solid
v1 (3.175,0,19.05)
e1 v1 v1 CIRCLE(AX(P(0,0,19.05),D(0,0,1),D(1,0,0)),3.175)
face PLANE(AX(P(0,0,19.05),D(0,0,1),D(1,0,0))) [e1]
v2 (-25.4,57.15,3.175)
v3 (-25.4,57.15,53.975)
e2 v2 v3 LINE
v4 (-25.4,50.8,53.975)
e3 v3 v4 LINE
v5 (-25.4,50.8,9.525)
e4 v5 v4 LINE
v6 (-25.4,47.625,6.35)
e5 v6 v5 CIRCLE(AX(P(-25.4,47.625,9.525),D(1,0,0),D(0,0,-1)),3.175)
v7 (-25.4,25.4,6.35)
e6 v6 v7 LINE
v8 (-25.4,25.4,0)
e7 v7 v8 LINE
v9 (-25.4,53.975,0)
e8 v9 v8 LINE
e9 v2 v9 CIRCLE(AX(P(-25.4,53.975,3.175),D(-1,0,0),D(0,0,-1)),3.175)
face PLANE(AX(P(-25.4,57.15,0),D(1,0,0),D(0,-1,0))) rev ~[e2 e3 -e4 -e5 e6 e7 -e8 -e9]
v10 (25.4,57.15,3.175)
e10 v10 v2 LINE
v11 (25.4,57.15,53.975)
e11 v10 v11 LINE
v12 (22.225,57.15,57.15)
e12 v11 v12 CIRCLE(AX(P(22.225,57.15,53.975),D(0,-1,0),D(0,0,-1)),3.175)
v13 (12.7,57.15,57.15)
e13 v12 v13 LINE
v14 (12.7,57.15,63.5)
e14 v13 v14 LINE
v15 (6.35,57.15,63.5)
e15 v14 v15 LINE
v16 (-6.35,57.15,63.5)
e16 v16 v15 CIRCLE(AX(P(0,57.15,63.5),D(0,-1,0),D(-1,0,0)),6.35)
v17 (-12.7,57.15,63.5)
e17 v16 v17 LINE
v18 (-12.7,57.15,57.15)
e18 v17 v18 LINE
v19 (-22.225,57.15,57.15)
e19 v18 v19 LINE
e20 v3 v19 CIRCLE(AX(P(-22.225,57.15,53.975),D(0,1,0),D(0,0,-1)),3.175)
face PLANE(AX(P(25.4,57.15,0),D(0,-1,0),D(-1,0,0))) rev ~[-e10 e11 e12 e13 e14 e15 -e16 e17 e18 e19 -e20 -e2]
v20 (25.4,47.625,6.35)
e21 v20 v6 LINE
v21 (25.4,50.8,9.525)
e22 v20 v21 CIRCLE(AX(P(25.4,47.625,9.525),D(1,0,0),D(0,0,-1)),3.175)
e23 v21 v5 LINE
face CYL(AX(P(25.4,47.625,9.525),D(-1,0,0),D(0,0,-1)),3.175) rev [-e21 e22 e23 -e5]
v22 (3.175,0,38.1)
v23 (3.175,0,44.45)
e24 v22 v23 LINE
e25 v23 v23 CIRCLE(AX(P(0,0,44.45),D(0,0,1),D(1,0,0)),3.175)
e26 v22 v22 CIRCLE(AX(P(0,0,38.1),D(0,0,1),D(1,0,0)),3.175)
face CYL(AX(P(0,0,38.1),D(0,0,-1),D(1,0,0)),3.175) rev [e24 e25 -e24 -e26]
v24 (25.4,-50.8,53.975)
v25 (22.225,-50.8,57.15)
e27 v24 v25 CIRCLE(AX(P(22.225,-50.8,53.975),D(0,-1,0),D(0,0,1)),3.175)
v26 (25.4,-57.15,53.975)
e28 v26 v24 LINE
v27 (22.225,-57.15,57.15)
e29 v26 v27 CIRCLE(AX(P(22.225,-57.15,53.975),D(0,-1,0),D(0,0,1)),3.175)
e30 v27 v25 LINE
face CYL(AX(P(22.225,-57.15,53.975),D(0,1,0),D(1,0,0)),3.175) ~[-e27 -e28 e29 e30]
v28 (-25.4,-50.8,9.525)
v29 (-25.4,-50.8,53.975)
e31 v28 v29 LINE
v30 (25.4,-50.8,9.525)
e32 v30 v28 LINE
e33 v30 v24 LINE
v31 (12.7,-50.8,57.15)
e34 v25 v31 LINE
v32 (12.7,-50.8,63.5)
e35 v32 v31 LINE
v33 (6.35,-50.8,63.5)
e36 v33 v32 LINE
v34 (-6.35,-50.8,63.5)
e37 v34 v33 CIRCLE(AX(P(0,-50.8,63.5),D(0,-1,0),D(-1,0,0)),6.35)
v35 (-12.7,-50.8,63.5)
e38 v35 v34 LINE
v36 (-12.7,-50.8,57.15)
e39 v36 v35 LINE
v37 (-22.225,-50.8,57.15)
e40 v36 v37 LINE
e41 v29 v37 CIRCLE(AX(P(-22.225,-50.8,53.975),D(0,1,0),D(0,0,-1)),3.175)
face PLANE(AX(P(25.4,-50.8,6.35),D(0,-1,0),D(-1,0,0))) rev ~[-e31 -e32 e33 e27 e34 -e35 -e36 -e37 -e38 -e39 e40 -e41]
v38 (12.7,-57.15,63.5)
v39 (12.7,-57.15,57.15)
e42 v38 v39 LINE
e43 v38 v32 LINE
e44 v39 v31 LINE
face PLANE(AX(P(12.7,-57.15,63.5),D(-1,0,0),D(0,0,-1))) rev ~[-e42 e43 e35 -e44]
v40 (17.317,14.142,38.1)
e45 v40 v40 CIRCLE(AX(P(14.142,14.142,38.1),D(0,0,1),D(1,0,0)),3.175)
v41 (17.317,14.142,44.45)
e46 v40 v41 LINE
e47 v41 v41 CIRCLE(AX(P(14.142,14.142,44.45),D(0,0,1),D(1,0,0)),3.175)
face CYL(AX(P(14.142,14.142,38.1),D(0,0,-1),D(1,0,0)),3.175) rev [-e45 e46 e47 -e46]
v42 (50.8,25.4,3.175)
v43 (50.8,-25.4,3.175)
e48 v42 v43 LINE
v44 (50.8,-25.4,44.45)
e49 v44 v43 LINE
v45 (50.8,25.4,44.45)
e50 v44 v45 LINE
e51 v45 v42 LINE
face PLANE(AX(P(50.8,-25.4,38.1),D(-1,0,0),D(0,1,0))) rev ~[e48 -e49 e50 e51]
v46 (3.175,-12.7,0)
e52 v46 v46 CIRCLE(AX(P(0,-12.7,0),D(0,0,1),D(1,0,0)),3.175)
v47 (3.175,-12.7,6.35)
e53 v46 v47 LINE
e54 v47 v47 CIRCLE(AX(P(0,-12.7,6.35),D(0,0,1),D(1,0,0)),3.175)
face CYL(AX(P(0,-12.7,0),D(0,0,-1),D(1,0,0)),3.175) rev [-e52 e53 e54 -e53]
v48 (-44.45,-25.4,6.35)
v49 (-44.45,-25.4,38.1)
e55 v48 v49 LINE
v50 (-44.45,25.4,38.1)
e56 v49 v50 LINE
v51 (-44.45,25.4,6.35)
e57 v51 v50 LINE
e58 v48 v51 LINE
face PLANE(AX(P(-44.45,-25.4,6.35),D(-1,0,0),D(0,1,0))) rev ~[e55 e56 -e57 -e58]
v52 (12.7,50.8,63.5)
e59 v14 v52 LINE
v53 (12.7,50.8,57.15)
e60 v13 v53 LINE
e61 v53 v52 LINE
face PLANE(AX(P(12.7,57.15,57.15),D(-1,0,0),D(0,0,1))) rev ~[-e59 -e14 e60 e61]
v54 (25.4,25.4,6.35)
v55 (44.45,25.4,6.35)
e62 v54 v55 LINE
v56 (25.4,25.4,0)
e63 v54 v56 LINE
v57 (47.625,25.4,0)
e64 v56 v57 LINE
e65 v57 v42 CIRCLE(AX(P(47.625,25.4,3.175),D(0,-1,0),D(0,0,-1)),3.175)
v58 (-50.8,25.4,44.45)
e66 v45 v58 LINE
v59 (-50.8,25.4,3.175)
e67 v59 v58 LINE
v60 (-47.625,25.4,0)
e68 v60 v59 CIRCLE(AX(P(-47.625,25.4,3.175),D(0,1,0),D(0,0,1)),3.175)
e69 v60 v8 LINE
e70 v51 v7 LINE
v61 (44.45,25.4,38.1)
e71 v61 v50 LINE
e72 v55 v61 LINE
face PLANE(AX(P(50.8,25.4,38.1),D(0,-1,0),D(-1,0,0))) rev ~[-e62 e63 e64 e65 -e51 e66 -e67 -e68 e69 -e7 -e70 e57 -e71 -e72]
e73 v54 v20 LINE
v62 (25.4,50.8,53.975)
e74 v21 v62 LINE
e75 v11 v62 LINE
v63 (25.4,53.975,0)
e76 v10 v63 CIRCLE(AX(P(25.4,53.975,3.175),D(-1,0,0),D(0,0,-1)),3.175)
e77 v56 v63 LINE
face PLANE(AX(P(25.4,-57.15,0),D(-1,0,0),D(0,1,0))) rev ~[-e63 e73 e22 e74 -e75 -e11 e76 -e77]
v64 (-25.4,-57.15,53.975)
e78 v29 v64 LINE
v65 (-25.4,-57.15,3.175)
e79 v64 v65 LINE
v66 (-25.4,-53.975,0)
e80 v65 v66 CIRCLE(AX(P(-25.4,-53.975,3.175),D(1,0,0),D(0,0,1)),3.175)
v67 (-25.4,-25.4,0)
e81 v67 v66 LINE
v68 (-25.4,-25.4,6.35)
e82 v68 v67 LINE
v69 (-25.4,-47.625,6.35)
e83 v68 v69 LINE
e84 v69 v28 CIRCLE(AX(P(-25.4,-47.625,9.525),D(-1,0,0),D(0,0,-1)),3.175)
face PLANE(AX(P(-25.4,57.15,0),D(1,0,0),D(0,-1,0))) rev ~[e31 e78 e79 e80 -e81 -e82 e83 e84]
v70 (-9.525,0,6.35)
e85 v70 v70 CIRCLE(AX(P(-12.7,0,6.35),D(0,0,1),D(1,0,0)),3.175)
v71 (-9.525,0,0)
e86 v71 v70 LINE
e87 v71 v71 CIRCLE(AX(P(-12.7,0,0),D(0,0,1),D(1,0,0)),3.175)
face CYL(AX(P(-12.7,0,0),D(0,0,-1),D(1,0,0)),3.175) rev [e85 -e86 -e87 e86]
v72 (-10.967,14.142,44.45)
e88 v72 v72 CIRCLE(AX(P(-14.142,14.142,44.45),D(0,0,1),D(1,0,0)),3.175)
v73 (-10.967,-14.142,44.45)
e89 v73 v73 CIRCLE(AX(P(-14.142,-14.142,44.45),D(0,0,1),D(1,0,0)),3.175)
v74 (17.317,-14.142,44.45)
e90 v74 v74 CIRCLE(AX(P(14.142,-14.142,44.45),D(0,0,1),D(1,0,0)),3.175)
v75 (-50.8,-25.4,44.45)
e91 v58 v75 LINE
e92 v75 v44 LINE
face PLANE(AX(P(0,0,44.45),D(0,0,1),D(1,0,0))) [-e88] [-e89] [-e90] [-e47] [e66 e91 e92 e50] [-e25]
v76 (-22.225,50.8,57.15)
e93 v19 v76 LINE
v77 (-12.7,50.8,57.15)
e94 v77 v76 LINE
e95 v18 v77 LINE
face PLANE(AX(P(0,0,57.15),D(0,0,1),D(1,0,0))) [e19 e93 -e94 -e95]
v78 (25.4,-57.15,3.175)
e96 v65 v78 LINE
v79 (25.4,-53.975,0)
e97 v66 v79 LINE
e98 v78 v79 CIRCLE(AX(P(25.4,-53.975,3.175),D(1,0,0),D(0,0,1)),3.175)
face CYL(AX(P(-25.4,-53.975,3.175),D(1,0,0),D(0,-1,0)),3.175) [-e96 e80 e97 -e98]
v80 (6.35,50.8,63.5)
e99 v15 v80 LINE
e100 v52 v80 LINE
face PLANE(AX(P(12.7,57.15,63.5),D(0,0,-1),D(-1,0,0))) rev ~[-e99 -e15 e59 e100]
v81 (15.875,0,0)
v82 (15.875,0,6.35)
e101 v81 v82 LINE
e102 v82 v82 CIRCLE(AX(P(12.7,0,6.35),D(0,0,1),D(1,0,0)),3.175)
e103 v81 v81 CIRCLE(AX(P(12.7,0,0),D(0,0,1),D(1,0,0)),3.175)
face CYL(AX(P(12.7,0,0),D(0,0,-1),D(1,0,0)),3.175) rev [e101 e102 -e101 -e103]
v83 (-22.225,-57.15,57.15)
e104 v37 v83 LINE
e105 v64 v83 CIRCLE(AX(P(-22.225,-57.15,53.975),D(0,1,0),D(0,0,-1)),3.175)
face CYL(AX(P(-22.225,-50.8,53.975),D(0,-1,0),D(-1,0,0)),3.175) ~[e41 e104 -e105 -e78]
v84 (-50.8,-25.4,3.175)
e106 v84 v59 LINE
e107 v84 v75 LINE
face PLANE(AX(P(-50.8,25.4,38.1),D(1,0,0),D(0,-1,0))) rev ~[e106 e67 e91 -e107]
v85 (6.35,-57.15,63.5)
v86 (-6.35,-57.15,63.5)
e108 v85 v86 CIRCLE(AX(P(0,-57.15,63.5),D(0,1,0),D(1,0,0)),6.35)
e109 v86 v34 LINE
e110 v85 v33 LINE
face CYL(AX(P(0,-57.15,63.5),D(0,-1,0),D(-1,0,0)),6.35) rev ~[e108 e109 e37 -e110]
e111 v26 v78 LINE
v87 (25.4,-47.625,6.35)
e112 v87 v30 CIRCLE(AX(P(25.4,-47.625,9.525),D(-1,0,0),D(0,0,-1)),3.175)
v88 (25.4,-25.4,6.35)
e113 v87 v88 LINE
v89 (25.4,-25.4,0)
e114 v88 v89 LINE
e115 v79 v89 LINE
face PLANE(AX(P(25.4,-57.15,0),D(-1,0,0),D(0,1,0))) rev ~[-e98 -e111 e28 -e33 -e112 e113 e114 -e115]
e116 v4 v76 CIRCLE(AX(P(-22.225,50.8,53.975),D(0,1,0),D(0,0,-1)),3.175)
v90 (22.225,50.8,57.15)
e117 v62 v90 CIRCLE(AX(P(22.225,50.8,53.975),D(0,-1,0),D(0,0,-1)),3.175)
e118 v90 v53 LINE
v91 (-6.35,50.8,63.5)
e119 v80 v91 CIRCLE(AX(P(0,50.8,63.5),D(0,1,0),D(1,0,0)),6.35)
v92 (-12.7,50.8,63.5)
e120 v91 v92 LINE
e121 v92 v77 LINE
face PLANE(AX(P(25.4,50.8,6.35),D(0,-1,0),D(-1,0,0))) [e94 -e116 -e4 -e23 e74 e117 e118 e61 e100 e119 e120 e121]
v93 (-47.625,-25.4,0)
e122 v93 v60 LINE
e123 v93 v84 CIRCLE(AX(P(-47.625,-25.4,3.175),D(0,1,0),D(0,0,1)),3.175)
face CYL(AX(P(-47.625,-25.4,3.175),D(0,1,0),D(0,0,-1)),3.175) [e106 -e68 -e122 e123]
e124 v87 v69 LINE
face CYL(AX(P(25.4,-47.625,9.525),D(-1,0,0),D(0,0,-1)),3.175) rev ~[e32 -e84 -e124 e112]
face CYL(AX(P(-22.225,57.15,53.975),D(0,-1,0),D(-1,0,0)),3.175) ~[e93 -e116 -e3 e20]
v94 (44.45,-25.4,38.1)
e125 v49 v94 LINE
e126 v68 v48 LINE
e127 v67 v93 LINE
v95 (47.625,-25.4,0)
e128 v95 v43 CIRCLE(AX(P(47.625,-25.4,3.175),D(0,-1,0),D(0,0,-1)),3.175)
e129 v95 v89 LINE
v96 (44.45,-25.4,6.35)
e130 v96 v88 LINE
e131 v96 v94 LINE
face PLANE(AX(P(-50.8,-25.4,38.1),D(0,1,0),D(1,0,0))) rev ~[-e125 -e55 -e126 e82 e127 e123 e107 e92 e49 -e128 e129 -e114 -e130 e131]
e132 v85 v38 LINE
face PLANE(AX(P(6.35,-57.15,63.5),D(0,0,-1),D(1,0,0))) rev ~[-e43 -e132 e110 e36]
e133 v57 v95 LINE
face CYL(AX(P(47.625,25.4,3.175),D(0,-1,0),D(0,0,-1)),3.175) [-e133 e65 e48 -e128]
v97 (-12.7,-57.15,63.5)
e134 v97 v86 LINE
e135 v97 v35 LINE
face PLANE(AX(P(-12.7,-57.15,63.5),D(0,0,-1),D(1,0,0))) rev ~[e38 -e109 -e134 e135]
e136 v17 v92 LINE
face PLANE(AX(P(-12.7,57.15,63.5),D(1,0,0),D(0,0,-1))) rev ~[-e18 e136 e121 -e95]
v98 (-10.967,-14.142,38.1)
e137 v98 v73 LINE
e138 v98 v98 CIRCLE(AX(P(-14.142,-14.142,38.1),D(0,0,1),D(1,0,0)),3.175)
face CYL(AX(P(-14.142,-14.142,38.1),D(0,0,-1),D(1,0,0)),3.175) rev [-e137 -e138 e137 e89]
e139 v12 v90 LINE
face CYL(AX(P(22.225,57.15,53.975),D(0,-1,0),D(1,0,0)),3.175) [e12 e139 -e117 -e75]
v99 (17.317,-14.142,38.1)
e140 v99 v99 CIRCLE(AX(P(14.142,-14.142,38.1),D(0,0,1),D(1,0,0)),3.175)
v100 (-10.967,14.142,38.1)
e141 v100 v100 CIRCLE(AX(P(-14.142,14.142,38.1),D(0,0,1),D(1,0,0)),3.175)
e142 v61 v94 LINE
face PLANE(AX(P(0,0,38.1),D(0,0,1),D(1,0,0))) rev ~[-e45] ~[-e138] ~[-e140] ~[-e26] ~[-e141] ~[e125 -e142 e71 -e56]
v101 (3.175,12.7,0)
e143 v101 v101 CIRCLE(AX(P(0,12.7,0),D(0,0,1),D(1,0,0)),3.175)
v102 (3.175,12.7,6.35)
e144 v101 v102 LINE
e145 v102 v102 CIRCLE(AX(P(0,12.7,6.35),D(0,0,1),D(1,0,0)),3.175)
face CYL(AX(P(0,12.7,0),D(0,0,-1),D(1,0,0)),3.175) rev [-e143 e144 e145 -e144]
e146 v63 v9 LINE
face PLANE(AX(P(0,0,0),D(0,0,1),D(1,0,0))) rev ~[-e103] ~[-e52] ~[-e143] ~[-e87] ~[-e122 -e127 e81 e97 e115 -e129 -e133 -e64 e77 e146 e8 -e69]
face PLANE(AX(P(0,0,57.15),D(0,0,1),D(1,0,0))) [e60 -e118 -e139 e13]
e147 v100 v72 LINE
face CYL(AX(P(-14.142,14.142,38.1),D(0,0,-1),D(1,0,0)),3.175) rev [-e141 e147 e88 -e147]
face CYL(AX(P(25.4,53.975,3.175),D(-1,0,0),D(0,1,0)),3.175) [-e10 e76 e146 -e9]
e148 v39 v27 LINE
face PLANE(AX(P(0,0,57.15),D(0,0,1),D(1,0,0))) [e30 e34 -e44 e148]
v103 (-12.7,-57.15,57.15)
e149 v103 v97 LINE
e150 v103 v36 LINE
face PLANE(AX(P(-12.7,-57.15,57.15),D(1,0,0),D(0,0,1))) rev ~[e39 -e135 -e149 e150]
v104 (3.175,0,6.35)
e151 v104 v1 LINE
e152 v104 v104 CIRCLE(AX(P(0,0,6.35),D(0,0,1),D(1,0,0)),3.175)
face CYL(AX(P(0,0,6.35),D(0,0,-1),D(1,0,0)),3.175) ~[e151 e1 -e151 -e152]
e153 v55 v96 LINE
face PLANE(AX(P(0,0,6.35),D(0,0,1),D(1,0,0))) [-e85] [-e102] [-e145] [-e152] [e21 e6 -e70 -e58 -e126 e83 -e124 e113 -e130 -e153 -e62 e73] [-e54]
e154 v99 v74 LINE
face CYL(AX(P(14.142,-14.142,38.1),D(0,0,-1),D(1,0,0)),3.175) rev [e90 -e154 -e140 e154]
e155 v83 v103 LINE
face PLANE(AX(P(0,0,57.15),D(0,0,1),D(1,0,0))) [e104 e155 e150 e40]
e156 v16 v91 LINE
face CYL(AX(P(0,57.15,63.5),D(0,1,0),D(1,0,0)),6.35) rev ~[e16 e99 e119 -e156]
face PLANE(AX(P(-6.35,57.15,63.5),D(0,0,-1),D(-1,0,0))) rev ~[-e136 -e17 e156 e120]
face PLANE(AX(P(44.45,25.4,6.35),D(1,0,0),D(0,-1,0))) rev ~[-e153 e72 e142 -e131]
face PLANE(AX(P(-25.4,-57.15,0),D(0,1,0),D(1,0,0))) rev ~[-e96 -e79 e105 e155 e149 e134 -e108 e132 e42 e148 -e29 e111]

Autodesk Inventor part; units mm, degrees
ref_plane "YZ Plane" through (0, 0, 0) normal (1, 0, 0) x (0, 1, 0)
ref_plane "XZ Plane" through (0, 0, 0) normal (0, 1, 0) x (-1, 0, 0)
ref_plane "XY Plane" through (0, 0, 0) normal (0, 0, 1) x (1, 0, 0)
sketch "Sketch1" plane through (0, 0, 0) normal (0, 0, 1) x (1, 0, 0)
  circle A0 centre (0, -12.7) radius 3.175
  circle A1 centre (12.7, 0) radius 3.175
  circle A2 centre (0, 12.7) radius 3.175
  circle A3 centre (-12.7, 0) radius 3.175
  line L0 (25.4, 57.15) -> (-25.4, 57.15)
  line L1 (-25.4, 57.15) -> (-25.4, -57.15)
  line L2 (-25.4, -57.15) -> (25.4, -57.15)
  line L3 (25.4, -57.15) -> (25.4, 57.15)
  point P0 (0, 0)
  dimension "d1" = 6.35
  dimension "d2" = 12.7
  dimension "d5" = 360
  dimension "d13" = 25.4
  dimension "d14" = 57.15
  dimension "d15" = 57.15
  dimension "d16" = 25.4
extrude "Extrusion3" add sketch "Sketch1" along normal blind 6.35
sketch "Sketch3" plane through (0, 0, 6.35) normal (0, 0, 1) x (1, 0, 0)
  line L0 (25.4, 57.15) -> (-25.4, 57.15) projected
  line L1 (25.4, 57.15) -> (25.4, 50.8)
  line L2 (25.4, -57.15) -> (25.4, 57.15) projected
  line L3 (25.4, 50.8) -> (-25.4, 50.8)
  line L4 (-25.4, 57.15) -> (-25.4, -57.15) projected
  line L5 (-25.4, 57.15) -> (25.4, 57.15)
  line L6 (-25.4, -57.15) -> (25.4, -57.15) projected
  line L7 (25.4, -57.15) -> (25.4, -50.8)
  line L8 (25.4, -50.8) -> (-25.4, -50.8)
  line L9 (-25.4, -50.8) -> (-25.4, -57.15)
  line L10 (-25.4, -57.15) -> (25.4, -57.15)
  point P0 (0, 0)
  dimension "d19" = 6.35
  dimension "d20" = 6.35
extrude "Extrusion4" add sketch "Sketch3" along normal blind 50.8 contours L1 L3 L4 L0 | L2 L6 L4 L8
fillet "Fillet1" radius 3.175 8 edges at (25.4, 53.975, 57.15) (25.4, -53.975, 57.15) (-25.4, -53.975, 57.15) (-25.4, 53.975, 57.15) (0, -57.15, 0) (0, 57.15, 0) (0, -50.8, 6.35) (0, 50.8, 6.35)
sketch "Sketch6" plane through (0, 0, 6.35) normal (0, 0, 1) x (1, 0, 0)
  circle A0 centre (0, 0) radius 3.175
  dimension "d50" = 6.35
extrude "Extrusion6" add sketch "Sketch6" along normal blind 12.7
sketch "Sketch7" plane through (-25.4, 57.15, 3.175) normal (0, 1, 0) x (1, 0, 0)
  line L0 (47.625, -53.975) -> (3.175, -53.975) projected
  line L1 (0, 0) -> (0, -50.8) projected
  line L2 (47.625, -53.975) -> (3.175, -53.975) projected
  line L3 (38.1, -53.975) -> (38.1, -60.325)
  line L4 (12.7, -60.325) -> (12.7, -53.975)
  line L5 (38.1, -60.325) -> (31.75, -60.325)
  line L6 (19.05, -60.325) -> (12.7, -60.325)
  line L7 (38.1, -53.975) -> (12.7, -53.975)
  arc A0 (31.75, -60.325) -> (25.4, -53.975) centre (25.4, -60.325) ccw
  arc A1 (25.4, -53.975) -> (19.05, -60.325) centre (25.4, -60.325) ccw
  point P0 (25.4, 3.175)
  dimension "d57" = 38.1
  dimension "d58" = 12.7
  dimension "d59" = 6.35
  dimension "d60" = 6.35
  dimension "d66" = 6.35
  dimension "d67" = 25.4
  dimension "d68" = 6.35
  dimension "d69" = 25.4
extrude "Extrusion7" add sketch "Sketch7" against normal blind 6.35
sketch "Sketch8" plane through (-25.4, -57.15, 3.175) normal (0, -1, 0) x (1, 0, 0)
  line L0 (12.7, 53.975) -> (12.7, 60.325) projected
  line L1 (12.7, 53.975) -> (12.7, 60.325)
  line L2 (38.1, 60.325) -> (38.1, 53.975) projected
  line L3 (38.1, 60.325) -> (38.1, 53.975)
  line L4 (38.1, 53.975) -> (25.4, 53.975)
  line L5 (47.625, 53.975) -> (3.175, 53.975) projected
  line L6 (12.7, 53.975) -> (25.4, 53.975)
  line L7 (12.7, 60.325) -> (19.05, 60.325) projected
  line L8 (12.7, 60.325) -> (19.05, 60.325)
  line L9 (31.75, 60.325) -> (38.1, 60.325) projected
  line L10 (38.1, 60.325) -> (31.75, 60.325)
  arc A0 (19.05, 60.325) -> (25.4, 53.975) centre (25.4, 60.325) ccw
  arc A1 (25.4, 53.975) -> (31.75, 60.325) centre (25.4, 60.325) ccw
  line L11 (0, 0) -> (0, 50.8) projected
  point P0 (25.4, -3.175)
  dimension "d72" = 6.35
  dimension "d73" = 6.35
  dimension "d74" = 25.4
  dimension "d75" = 25.4
extrude "Extrusion8" add sketch "Sketch8" against normal blind 6.35
sketch "Sketch9" plane through (0, 0, 6.35) normal (0, 0, 1) x (1, 0, 0)
  line L0 (-50.8, 25.4) -> (50.8, 25.4)
  line L1 (50.8, 25.4) -> (50.8, -25.4)
  line L2 (50.8, -25.4) -> (-50.8, -25.4)
  line L3 (-50.8, -25.4) -> (-50.8, 25.4)
  line L4 (-50.8, 25.4) -> (50.8, -25.4) construction
  line L5 (50.8, 25.4) -> (-50.8, -25.4) construction
  line L6 (25.4, -47.625) -> (25.4, 47.625) projected
  line L7 (25.4, 25.4) -> (25.4, -25.4)
  line L8 (-25.4, 53.975) -> (-25.4, -53.975) projected
  line L9 (-25.4, 25.4) -> (-25.4, -25.4)
  point P0 (0, 0)
  dimension "d78" = 101.6
  dimension "d79" = 50.8
extrude "Extrusion9" add sketch "Sketch9" against normal blind 6.35 contours L0 L8 L2 L3 | L0 L1 L2 L6
sketch "Sketch11" plane through (0, 0, 6.35) normal (0, 0, 1) x (1, 0, 0)
  line L0 (-25.4, -25.4) -> (-50.8, -25.4) projected
  line L1 (-50.8, -25.4) -> (-44.45, -25.4)
  line L2 (-44.45, -25.4) -> (-44.45, 25.4)
  line L3 (-25.4, 25.4) -> (-50.8, 25.4) projected
  line L4 (-50.8, -25.4) -> (-50.8, 25.4) projected
  line L5 (-50.8, 25.4) -> (-50.8, -25.4)
  line L6 (50.8, -25.4) -> (50.8, 25.4) projected
  line L7 (50.8, -25.4) -> (50.8, 25.4)
  line L8 (25.4, 25.4) -> (50.8, 25.4) projected
  line L9 (50.8, 25.4) -> (44.45, 25.4)
  line L10 (44.45, 25.4) -> (44.45, -25.4)
  line L11 (50.8, -25.4) -> (25.4, -25.4) projected
  line L12 (44.45, -25.4) -> (50.8, -25.4)
  point P0 (0, 0)
  dimension "d84" = 6.35
  dimension "d85" = 6.35
extrude "Extrusion11" add sketch "Sketch11" along normal blind 31.75
fillet "Fillet3" radius 3.175 2 edges at (50.8, 0, 0) (-50.8, 0, 0)
sketch "Sketch18" plane through (0, 0, 38.1) normal (0, 0, 1) x (1, 0, 0)
  line L0 (-50.8, 25.4) -> (-50.8, -25.4) projected
  line L1 (-50.8, -25.4) -> (50.8, -25.4)
  line L2 (50.8, -25.4) -> (50.8, 25.4)
  line L3 (50.8, 25.4) -> (-50.8, 25.4)
  line L4 (-50.8, 25.4) -> (-50.8, -25.4)
  circle A0 centre (-14.142, -14.142) radius 3.175
  circle A1 centre (14.142, -14.142) radius 3.175
  circle A2 centre (14.142, 14.142) radius 3.175
  circle A3 centre (-14.142, 14.142) radius 3.175
  circle A4 centre (0, 0) radius 3.175
  dimension "d132" = 6.35
  dimension "d137" = 360
  dimension "d139" = 6.35
  dimension "d142" = 14.142
  dimension "d143" = 14.142
extrude "Extrusion16" add sketch "Sketch18" along normal blind 6.35
properties part number "ShoulderPlateXZ"
